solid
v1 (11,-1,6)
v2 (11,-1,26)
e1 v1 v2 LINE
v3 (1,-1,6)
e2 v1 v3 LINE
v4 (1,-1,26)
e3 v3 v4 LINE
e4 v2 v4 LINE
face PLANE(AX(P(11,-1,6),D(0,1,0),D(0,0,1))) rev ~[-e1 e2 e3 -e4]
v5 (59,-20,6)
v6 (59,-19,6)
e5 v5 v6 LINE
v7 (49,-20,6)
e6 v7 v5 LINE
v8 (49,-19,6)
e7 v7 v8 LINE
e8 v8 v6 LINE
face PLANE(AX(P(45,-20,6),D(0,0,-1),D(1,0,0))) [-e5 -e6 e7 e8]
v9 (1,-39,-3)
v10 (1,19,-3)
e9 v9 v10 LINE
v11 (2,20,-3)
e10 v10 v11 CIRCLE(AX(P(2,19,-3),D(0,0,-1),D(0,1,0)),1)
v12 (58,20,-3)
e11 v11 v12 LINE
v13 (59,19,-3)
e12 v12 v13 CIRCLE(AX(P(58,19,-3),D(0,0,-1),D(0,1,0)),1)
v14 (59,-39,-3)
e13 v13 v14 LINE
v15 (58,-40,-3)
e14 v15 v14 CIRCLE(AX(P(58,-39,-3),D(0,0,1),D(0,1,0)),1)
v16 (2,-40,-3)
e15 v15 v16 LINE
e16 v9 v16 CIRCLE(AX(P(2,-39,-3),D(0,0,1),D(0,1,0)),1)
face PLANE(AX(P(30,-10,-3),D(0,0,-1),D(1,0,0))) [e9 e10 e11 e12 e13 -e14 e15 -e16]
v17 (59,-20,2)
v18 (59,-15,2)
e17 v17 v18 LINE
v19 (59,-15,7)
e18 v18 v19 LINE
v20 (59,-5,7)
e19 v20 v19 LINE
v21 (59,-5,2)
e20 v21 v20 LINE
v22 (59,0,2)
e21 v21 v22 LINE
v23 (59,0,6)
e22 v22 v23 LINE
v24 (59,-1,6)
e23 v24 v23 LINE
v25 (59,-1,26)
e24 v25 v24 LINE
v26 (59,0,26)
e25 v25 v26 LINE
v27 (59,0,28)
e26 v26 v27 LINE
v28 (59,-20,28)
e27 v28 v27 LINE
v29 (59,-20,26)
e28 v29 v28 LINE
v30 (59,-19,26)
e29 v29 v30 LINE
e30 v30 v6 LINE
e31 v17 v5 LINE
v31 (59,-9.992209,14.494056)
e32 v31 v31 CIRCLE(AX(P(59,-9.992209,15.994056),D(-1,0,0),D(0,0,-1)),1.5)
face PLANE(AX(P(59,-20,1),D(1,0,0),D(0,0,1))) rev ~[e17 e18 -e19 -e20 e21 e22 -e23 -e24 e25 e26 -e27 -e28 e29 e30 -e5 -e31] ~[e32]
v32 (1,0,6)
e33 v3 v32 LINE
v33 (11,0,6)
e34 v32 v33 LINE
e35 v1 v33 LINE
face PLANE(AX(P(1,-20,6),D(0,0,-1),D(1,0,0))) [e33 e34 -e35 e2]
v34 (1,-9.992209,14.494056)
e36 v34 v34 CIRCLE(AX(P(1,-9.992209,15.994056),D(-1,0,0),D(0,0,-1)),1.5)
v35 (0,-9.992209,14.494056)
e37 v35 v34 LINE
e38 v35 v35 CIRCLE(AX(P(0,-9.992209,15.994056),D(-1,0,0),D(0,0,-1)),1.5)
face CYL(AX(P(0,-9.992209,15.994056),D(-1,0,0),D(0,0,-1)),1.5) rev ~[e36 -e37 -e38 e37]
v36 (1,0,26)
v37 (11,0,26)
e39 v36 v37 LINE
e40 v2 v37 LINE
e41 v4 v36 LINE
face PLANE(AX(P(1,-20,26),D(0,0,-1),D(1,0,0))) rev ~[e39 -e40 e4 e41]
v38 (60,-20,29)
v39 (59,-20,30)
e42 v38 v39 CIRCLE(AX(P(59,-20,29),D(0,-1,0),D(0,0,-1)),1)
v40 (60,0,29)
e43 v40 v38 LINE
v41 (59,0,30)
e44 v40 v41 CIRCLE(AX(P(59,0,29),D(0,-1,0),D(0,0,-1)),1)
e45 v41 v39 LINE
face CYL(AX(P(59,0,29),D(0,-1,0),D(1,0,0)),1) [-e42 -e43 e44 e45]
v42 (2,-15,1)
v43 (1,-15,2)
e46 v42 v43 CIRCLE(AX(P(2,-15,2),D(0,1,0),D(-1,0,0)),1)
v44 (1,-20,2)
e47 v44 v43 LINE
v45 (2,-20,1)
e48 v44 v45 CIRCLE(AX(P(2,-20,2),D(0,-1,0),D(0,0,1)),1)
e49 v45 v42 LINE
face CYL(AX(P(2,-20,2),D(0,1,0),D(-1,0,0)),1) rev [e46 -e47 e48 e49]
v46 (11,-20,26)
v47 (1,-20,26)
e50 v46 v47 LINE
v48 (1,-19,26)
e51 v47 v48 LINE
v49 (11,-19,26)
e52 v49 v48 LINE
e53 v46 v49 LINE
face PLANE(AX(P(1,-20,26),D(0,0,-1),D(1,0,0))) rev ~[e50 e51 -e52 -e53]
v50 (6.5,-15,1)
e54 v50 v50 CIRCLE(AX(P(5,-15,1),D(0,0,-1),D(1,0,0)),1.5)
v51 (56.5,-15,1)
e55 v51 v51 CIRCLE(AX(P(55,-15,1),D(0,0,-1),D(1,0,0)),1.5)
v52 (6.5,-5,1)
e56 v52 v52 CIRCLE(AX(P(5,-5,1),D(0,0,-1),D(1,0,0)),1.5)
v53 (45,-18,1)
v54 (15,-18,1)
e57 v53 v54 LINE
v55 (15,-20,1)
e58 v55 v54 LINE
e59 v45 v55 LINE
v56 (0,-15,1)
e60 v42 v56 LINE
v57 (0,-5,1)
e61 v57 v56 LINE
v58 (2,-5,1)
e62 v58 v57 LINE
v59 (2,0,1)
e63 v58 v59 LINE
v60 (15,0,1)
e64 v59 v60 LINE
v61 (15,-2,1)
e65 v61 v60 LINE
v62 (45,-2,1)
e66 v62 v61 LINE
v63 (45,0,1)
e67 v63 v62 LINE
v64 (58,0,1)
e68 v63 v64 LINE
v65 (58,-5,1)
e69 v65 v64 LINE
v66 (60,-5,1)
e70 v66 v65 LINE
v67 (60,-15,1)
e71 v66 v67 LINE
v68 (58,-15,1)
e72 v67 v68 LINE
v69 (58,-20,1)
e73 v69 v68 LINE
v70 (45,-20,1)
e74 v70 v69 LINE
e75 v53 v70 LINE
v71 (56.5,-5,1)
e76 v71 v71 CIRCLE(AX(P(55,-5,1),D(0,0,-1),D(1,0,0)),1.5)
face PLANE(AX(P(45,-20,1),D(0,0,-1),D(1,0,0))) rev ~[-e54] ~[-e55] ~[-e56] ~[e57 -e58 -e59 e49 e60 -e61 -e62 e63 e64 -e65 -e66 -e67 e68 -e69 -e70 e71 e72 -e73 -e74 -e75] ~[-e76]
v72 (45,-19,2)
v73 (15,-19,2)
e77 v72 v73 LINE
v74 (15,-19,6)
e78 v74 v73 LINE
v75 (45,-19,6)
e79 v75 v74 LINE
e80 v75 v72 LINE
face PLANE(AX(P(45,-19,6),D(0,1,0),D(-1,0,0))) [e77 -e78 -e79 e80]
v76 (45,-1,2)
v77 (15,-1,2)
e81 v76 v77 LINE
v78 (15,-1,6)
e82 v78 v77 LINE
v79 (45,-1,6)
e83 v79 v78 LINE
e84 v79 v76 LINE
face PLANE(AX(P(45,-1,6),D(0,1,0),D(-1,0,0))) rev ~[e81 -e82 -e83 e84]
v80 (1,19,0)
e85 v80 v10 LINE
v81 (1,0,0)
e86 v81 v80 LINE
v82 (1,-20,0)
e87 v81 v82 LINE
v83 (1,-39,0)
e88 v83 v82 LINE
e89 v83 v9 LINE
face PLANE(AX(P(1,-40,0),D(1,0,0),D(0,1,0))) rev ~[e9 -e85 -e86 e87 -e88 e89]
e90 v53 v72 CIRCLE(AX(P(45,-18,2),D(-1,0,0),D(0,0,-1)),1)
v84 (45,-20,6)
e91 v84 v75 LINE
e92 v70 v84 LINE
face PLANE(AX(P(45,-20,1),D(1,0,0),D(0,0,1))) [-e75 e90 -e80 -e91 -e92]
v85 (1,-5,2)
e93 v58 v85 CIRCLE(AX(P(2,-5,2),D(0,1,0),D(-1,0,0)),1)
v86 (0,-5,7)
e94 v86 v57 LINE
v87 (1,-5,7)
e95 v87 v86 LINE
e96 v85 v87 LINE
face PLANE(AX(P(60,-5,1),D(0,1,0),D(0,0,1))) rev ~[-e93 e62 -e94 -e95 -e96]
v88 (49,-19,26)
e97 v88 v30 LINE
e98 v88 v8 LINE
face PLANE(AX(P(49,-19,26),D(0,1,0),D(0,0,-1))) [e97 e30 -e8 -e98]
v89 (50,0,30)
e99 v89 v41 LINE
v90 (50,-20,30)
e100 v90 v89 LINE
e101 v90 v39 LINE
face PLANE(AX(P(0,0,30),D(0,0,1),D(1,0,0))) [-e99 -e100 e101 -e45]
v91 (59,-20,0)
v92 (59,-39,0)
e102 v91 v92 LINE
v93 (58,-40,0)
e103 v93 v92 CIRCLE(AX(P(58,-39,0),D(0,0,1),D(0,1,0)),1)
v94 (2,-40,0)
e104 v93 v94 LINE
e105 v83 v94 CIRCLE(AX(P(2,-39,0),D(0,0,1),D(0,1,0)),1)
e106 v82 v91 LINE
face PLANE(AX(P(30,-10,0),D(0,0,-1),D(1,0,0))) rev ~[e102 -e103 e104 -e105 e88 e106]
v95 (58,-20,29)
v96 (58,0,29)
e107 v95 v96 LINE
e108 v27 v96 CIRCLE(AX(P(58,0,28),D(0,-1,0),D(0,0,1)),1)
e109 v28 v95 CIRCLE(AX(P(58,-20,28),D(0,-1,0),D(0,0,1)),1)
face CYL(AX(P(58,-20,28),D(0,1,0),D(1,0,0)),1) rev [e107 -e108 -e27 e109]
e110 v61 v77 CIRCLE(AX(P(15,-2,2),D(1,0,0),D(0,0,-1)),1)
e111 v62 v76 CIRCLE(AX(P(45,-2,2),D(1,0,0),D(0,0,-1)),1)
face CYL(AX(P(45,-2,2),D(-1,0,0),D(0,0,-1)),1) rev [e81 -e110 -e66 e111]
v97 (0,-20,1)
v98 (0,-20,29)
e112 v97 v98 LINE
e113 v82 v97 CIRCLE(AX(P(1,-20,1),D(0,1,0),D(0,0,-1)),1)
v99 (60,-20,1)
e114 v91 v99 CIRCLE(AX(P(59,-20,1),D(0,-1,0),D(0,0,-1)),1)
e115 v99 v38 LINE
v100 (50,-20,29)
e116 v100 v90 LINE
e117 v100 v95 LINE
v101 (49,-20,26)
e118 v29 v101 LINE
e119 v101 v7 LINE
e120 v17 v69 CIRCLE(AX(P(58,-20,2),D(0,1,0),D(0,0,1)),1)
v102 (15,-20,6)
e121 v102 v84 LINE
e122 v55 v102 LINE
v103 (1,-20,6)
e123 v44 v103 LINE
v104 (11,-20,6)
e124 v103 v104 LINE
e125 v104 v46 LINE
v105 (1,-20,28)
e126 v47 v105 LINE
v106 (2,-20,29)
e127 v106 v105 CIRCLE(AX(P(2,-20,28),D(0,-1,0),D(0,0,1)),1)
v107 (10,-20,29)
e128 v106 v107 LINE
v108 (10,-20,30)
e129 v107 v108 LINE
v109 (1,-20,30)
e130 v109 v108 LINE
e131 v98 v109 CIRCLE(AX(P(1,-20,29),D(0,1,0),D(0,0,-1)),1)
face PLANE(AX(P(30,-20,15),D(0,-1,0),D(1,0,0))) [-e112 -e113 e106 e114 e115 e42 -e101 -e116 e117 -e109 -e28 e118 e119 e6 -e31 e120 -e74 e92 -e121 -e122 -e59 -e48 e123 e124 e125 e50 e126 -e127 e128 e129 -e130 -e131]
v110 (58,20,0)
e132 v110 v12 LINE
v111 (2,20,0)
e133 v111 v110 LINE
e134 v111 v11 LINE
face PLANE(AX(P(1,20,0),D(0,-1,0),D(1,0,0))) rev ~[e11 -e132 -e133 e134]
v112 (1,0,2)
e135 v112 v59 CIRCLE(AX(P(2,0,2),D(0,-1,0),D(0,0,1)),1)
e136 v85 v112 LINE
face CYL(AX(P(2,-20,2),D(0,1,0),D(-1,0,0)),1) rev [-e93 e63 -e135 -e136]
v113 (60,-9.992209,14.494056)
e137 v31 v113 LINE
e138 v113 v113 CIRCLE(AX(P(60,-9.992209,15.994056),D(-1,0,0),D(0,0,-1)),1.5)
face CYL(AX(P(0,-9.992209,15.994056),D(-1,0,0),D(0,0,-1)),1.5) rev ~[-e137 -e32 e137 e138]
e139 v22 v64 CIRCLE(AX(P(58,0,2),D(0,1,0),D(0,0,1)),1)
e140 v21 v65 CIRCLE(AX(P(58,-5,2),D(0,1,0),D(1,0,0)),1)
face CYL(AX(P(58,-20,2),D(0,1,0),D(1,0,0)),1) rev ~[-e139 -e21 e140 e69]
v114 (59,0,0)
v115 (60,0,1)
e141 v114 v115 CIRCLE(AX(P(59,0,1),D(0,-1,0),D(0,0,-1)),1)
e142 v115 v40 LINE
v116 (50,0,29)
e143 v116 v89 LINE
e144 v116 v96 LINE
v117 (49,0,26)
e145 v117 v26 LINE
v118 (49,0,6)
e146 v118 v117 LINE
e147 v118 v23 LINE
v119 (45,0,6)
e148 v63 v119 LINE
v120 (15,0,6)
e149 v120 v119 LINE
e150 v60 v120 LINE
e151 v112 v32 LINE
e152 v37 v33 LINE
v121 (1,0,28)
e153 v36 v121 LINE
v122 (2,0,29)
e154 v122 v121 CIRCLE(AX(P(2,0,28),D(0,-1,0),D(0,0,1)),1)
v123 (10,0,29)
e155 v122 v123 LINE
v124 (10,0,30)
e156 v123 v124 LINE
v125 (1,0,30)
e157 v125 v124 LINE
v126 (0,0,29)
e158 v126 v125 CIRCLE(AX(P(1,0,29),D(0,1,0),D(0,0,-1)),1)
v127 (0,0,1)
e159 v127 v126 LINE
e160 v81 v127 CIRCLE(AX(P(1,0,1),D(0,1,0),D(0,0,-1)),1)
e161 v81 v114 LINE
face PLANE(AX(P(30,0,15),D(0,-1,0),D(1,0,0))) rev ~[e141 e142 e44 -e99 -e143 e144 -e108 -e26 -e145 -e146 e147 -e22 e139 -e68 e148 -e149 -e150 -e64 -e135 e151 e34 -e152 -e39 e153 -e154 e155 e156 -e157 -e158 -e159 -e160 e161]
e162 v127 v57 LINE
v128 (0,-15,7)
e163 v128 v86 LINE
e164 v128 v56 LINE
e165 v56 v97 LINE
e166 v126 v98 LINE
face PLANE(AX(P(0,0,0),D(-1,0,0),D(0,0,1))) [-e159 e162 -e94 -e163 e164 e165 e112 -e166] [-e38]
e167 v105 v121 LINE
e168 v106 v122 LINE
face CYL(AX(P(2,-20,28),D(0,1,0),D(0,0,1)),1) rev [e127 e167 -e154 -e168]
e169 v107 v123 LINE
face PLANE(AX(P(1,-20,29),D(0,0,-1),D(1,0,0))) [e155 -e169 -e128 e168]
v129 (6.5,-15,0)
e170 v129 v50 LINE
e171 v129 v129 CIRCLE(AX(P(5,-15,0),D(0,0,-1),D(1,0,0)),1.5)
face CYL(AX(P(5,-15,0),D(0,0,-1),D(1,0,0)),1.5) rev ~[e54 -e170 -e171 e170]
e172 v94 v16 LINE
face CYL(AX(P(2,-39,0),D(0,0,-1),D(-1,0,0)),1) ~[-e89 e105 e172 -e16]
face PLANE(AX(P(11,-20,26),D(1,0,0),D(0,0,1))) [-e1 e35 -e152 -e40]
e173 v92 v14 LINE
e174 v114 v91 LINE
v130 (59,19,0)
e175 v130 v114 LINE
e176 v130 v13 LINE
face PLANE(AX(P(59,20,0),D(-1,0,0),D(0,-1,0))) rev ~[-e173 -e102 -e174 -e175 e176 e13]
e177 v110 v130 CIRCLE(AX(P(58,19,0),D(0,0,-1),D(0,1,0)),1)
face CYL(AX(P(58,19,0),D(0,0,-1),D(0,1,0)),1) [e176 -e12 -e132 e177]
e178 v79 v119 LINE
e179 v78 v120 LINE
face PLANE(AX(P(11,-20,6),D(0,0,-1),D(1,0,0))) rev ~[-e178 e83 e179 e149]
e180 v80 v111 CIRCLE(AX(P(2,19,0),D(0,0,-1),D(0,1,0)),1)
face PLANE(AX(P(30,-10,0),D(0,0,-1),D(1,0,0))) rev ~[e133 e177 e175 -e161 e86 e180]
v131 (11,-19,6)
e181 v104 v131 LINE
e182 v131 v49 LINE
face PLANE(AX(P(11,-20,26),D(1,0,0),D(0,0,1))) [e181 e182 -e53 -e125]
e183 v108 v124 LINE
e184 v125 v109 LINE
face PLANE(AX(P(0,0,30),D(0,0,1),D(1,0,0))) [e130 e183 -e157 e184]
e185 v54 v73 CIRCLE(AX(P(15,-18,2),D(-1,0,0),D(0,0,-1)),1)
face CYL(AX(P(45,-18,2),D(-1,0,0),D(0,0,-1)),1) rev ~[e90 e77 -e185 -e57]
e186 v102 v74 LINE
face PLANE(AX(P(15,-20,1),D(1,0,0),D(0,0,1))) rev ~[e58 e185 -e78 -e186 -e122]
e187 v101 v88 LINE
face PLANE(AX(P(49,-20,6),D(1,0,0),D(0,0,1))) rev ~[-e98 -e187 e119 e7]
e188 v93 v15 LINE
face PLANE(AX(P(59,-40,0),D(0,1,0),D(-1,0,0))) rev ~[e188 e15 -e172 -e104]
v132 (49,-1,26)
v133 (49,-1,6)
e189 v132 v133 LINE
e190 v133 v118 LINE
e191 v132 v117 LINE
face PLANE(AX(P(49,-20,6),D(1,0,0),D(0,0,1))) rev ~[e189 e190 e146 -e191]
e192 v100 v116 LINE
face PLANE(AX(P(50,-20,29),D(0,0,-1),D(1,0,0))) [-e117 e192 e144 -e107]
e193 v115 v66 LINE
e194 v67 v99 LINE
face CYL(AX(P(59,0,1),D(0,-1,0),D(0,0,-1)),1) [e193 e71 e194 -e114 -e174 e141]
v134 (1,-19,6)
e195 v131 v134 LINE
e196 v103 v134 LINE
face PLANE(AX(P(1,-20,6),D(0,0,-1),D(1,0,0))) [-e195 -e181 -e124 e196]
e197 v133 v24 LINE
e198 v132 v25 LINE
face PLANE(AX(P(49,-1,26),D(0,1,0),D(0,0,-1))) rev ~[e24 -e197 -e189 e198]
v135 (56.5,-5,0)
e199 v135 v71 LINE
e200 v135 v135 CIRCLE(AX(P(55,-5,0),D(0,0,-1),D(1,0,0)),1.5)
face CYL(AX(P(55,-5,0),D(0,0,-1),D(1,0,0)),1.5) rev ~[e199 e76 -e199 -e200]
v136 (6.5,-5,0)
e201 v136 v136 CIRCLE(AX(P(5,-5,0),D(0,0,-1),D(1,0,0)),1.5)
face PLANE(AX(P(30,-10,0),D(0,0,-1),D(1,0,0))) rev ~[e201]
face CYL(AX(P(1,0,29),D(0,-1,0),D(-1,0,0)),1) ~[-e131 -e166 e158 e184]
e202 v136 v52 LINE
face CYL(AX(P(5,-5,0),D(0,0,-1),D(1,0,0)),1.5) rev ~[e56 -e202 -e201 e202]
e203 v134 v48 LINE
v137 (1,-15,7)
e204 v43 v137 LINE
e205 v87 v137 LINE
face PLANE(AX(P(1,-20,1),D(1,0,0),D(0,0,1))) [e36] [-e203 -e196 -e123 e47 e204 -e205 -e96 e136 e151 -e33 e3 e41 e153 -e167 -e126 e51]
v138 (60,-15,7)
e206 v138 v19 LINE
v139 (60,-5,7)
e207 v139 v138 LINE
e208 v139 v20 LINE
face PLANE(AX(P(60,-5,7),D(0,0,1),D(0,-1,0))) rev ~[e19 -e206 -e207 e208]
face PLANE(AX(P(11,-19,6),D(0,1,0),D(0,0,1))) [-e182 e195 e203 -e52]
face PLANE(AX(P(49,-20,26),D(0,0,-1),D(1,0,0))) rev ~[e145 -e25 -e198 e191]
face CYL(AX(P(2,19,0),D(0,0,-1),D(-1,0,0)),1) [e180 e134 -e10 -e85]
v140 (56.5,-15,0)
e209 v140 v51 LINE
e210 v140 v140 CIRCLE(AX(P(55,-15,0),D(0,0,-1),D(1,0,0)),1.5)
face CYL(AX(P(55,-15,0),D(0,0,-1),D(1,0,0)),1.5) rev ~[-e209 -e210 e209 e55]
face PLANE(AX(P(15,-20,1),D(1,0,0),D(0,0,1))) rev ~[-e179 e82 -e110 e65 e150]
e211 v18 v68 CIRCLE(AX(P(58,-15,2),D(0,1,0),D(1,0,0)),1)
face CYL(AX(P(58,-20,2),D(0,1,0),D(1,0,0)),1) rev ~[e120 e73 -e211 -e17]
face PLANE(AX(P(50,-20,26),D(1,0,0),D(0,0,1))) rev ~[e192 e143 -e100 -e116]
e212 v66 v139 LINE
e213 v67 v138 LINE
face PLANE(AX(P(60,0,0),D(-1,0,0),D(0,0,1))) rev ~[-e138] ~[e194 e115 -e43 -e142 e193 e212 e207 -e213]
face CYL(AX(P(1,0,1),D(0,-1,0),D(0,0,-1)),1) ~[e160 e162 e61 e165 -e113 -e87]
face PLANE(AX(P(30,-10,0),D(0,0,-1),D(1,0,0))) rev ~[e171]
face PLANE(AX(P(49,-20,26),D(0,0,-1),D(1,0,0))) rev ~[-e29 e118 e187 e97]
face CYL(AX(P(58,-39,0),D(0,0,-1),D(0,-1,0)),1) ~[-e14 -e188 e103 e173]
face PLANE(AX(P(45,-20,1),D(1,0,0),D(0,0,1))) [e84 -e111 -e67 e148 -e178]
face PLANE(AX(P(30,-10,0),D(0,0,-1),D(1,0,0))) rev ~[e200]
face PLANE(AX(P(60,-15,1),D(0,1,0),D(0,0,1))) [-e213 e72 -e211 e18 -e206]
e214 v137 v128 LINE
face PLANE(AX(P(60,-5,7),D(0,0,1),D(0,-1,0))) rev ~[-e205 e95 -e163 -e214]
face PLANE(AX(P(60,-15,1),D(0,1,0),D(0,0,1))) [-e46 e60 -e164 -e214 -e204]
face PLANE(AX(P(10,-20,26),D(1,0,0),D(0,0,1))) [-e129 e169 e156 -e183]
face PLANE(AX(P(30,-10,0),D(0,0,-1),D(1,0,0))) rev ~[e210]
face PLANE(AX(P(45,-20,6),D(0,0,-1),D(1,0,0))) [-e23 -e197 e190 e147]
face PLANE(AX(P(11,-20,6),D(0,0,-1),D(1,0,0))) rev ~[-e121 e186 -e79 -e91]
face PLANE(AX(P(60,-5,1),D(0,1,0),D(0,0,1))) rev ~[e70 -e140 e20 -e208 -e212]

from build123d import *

# Parameters (mm, degrees)
SKETCH_W        = 60
SKETCH_H        = 30
PAD_DEPTH       = 20
SKETCH001_W     = 14
SKETCH001_H     = 5
POCKET_DEPTH    = 20.001
SKETCH002_W     = 14
SKETCH002_H     = 5
POCKET001_DEPTH = 20.001
SKETCH003_W     = 38
SKETCH003_H     = 20
POCKET002_DEPTH = 20.001
SKETCH005_W     = 38
SKETCH005_H     = 5
POCKET003_DEPTH = 20.001
SKETCH006_W     = 9
SKETCH006_H     = 3
POCKET004_DEPTH = 20.001
SKETCH007_W     = 1
SKETCH007_H     = 4
POCKET005_DEPTH = 20.001
SKETCH008_W     = 30
SKETCH008_H     = 18
POCKET006_DEPTH = 5
FILLET_R        = 1
FILLET001_R     = 1
FILLET002_R     = 1
FILLET003_R     = 1
FILLET004_R     = 1
FILLET005_R     = 1
FILLET006_R     = 1
FILLET007_R     = 1
SKETCH011_W     = 20
SKETCH011_H     = 18
POCKET007_DEPTH = 10
SKETCH012_W     = 20
SKETCH012_H     = 18
POCKET008_DEPTH = 10
FILLET008_R     = 1
FILLET009_R     = 1
SKETCH014_W     = 6
SKETCH014_H     = 10
POCKET009_DEPTH = 60.001
SKETCH015_R     = 1.5
POCKET010_DEPTH = 5
SKETCH016_R     = 1.5
POCKET011_DEPTH = 60.001
PAD001_DEPTH    = 3
FILLET010_R     = 1
FILLET011_R     = 1
FILLET012_R     = 1
FILLET013_R     = 1


with BuildPart() as part:
    # Sketch → Pad (new body)
    with BuildSketch(Plane.XZ):
        with Locations((30, 15)):
            Rectangle(SKETCH_W, SKETCH_H)
    extrude(amount=PAD_DEPTH)

    # Sketch001 (on Face6 of Pad) → Pocket (cut, through all)
    with BuildSketch(Plane.XZ.offset(20)):
        with Locations((8, 3.5)):
            Rectangle(SKETCH001_W, SKETCH001_H)
    extrude(amount=-POCKET_DEPTH, mode=Mode.SUBTRACT)

    # Sketch002 (on Face5 of Pocket) → Pocket001 (cut, through all)
    with BuildSketch(Plane.XZ.offset(20)):
        with Locations((52, 3.5)):
            Rectangle(SKETCH002_W, SKETCH002_H)
    extrude(amount=-POCKET001_DEPTH, mode=Mode.SUBTRACT)

    # Sketch003 (on Face5 of Pocket001) → Pocket002 (cut, through all)
    with BuildSketch(Plane.XZ.offset(20)):
        with Locations((30, 16)):
            Rectangle(SKETCH003_W, SKETCH003_H)
    extrude(amount=-POCKET002_DEPTH, mode=Mode.SUBTRACT)

    # Sketch005 (on Face5 of Pocket002) → Pocket003 (cut, through all)
    with BuildSketch(Plane.XZ.offset(20)):
        with Locations((30, 28.5)):
            Rectangle(SKETCH005_W, SKETCH005_H)
    extrude(amount=-POCKET003_DEPTH, mode=Mode.SUBTRACT)

    # Sketch006 (on Face5 of Pocket003) → Pocket004 (cut, through all)
    with BuildSketch(Plane.XZ.offset(20)):
        with Locations((5.5, 27.5)):
            Rectangle(SKETCH006_W, SKETCH006_H)
        with Locations((54.5, 27.5)):
            Rectangle(SKETCH006_W, SKETCH006_H)
    extrude(amount=-POCKET004_DEPTH, mode=Mode.SUBTRACT)

    # Sketch007 (on Face5 of Pocket004) → Pocket005 (cut, through all)
    with BuildSketch(Plane.XZ.offset(20)):
        with Locations((10.5, 28)):
            Rectangle(SKETCH007_W, SKETCH007_H)
        with Locations((49.5, 28)):
            Rectangle(SKETCH007_W, SKETCH007_H)
    extrude(amount=-POCKET005_DEPTH, mode=Mode.SUBTRACT)

    # Sketch008 (on Face18 of Pocket005) → Pocket006 (cut)
    with BuildSketch(Plane(origin=(0, 0, 6), x_dir=(-1, 0, 0), z_dir=(0, 0, 1))):
        with Locations((-30, 10)):
            Rectangle(SKETCH008_W, SKETCH008_H)
    extrude(amount=-POCKET006_DEPTH, mode=Mode.SUBTRACT)

    # Fillet
    fillet_edges = [part.edges().sort_by_distance(p)[0] for p in [
        (60, -10, 0),
    ]]
    fillet(fillet_edges, radius=FILLET_R)

    # Fillet001
    fillet001_edges = [part.edges().sort_by_distance(p)[0] for p in [
        (0, -10, 0),
    ]]
    fillet(fillet001_edges, radius=FILLET001_R)

    # Fillet002
    fillet002_edges = [part.edges().sort_by_distance(p)[0] for p in [
        (0, -10, 30),
    ]]
    fillet(fillet002_edges, radius=FILLET002_R)

    # Fillet003
    fillet003_edges = [part.edges().sort_by_distance(p)[0] for p in [
        (60, -10, 30),
    ]]
    fillet(fillet003_edges, radius=FILLET003_R)

    # Fillet004
    fillet004_edges = [part.edges().sort_by_distance(p)[0] for p in [
        (1, -10, 29),
    ]]
    fillet(fillet004_edges, radius=FILLET004_R)

    # Fillet005
    fillet005_edges = [part.edges().sort_by_distance(p)[0] for p in [
        (1, -10, 1),
    ]]
    fillet(fillet005_edges, radius=FILLET005_R)

    # Fillet006
    fillet006_edges = [part.edges().sort_by_distance(p)[0] for p in [
        (59, -10, 29),
    ]]
    fillet(fillet006_edges, radius=FILLET006_R)

    # Fillet007
    fillet007_edges = [part.edges().sort_by_distance(p)[0] for p in [
        (59, -10, 1),
    ]]
    fillet(fillet007_edges, radius=FILLET007_R)

    # Sketch011 (on Face6 of Fillet007) → Pocket007 (cut)
    with BuildSketch(Plane(origin=(49, 0, 0), x_dir=(0, 0, -1), z_dir=(-1, 0, 0))):
        with Locations((-16, 10)):
            Rectangle(SKETCH011_W, SKETCH011_H)
    extrude(amount=-POCKET007_DEPTH, mode=Mode.SUBTRACT)

    # Sketch012 (on Face21 of Pocket007) → Pocket008 (cut)
    with BuildSketch(Plane(origin=(11, 0, 0), x_dir=(0, 0, 1), z_dir=(1, 0, 0))):
        with Locations((16, 10)):
            Rectangle(SKETCH012_W, SKETCH012_H)
    extrude(amount=-POCKET008_DEPTH, mode=Mode.SUBTRACT)

    # Fillet008
    fillet008_edges = [part.edges().sort_by_distance(p)[0] for p in [
        (30, -19, 1),
    ]]
    fillet(fillet008_edges, radius=FILLET008_R)

    # Fillet009
    fillet009_edges = [part.edges().sort_by_distance(p)[0] for p in [
        (30, -1, 1),
    ]]
    fillet(fillet009_edges, radius=FILLET009_R)

    # Sketch014 (on Face33 of Fillet009) → Pocket009 (cut, through all)
    with BuildSketch(Plane(origin=(60, 0, 0), x_dir=(0, 0, 1), z_dir=(1, 0, 0))):
        with Locations((4, 10)):
            Rectangle(SKETCH014_W, SKETCH014_H)
    extrude(amount=-POCKET009_DEPTH, mode=Mode.SUBTRACT)

    # Sketch015 (on Face32 of Pocket009) → Pocket010 (cut)
    with BuildSketch(Plane(origin=(0, 0, 0), x_dir=(1, 0, 0), z_dir=(0, 0, -1))):
        with Locations((55, 5)):
            Circle(SKETCH015_R)
        with Locations((55, 15)):
            Circle(SKETCH015_R)
        with Locations((5, 5)):
            Circle(SKETCH015_R)
        with Locations((5, 15)):
            Circle(SKETCH015_R)
    extrude(amount=-POCKET010_DEPTH, mode=Mode.SUBTRACT)

    # Sketch016 (on Face30 of Pocket010) → Pocket011 (cut, through all)
    with BuildSketch(Plane(origin=(0, 0, 0), x_dir=(0, 0, -1), z_dir=(-1, 0, 0))):
        with Locations((-15.994056, 9.992209)):
            Circle(SKETCH016_R)
    extrude(amount=-POCKET011_DEPTH, mode=Mode.SUBTRACT)

    # Sketch017 (on Face32 of Pocket011) → Pad001 (join)
    with BuildSketch(Plane(origin=(0, 0, 0), x_dir=(1, 0, 0), z_dir=(0, 0, -1))):
        Polygon((59, 20), (59, 40), (1, 40), (1, 20), (1, 0), (1, -20), (59, -20), (59, 0), align=None)
    extrude(amount=PAD001_DEPTH)

    # Fillet010
    fillet010_edges = [part.edges().sort_by_distance(p)[0] for p in [
        (59, -40, -1.5),
    ]]
    fillet(fillet010_edges, radius=FILLET010_R)

    # Fillet011
    fillet011_edges = [part.edges().sort_by_distance(p)[0] for p in [
        (1, 20, -1.5),
    ]]
    fillet(fillet011_edges, radius=FILLET011_R)

    # Fillet012
    fillet012_edges = [part.edges().sort_by_distance(p)[0] for p in [
        (59, 20, -1.5),
    ]]
    fillet(fillet012_edges, radius=FILLET012_R)

    # Fillet013
    fillet013_edges = [part.edges().sort_by_distance(p)[0] for p in [
        (1, -40, -1.5),
    ]]
    fillet(fillet013_edges, radius=FILLET013_R)


solid = part.part
